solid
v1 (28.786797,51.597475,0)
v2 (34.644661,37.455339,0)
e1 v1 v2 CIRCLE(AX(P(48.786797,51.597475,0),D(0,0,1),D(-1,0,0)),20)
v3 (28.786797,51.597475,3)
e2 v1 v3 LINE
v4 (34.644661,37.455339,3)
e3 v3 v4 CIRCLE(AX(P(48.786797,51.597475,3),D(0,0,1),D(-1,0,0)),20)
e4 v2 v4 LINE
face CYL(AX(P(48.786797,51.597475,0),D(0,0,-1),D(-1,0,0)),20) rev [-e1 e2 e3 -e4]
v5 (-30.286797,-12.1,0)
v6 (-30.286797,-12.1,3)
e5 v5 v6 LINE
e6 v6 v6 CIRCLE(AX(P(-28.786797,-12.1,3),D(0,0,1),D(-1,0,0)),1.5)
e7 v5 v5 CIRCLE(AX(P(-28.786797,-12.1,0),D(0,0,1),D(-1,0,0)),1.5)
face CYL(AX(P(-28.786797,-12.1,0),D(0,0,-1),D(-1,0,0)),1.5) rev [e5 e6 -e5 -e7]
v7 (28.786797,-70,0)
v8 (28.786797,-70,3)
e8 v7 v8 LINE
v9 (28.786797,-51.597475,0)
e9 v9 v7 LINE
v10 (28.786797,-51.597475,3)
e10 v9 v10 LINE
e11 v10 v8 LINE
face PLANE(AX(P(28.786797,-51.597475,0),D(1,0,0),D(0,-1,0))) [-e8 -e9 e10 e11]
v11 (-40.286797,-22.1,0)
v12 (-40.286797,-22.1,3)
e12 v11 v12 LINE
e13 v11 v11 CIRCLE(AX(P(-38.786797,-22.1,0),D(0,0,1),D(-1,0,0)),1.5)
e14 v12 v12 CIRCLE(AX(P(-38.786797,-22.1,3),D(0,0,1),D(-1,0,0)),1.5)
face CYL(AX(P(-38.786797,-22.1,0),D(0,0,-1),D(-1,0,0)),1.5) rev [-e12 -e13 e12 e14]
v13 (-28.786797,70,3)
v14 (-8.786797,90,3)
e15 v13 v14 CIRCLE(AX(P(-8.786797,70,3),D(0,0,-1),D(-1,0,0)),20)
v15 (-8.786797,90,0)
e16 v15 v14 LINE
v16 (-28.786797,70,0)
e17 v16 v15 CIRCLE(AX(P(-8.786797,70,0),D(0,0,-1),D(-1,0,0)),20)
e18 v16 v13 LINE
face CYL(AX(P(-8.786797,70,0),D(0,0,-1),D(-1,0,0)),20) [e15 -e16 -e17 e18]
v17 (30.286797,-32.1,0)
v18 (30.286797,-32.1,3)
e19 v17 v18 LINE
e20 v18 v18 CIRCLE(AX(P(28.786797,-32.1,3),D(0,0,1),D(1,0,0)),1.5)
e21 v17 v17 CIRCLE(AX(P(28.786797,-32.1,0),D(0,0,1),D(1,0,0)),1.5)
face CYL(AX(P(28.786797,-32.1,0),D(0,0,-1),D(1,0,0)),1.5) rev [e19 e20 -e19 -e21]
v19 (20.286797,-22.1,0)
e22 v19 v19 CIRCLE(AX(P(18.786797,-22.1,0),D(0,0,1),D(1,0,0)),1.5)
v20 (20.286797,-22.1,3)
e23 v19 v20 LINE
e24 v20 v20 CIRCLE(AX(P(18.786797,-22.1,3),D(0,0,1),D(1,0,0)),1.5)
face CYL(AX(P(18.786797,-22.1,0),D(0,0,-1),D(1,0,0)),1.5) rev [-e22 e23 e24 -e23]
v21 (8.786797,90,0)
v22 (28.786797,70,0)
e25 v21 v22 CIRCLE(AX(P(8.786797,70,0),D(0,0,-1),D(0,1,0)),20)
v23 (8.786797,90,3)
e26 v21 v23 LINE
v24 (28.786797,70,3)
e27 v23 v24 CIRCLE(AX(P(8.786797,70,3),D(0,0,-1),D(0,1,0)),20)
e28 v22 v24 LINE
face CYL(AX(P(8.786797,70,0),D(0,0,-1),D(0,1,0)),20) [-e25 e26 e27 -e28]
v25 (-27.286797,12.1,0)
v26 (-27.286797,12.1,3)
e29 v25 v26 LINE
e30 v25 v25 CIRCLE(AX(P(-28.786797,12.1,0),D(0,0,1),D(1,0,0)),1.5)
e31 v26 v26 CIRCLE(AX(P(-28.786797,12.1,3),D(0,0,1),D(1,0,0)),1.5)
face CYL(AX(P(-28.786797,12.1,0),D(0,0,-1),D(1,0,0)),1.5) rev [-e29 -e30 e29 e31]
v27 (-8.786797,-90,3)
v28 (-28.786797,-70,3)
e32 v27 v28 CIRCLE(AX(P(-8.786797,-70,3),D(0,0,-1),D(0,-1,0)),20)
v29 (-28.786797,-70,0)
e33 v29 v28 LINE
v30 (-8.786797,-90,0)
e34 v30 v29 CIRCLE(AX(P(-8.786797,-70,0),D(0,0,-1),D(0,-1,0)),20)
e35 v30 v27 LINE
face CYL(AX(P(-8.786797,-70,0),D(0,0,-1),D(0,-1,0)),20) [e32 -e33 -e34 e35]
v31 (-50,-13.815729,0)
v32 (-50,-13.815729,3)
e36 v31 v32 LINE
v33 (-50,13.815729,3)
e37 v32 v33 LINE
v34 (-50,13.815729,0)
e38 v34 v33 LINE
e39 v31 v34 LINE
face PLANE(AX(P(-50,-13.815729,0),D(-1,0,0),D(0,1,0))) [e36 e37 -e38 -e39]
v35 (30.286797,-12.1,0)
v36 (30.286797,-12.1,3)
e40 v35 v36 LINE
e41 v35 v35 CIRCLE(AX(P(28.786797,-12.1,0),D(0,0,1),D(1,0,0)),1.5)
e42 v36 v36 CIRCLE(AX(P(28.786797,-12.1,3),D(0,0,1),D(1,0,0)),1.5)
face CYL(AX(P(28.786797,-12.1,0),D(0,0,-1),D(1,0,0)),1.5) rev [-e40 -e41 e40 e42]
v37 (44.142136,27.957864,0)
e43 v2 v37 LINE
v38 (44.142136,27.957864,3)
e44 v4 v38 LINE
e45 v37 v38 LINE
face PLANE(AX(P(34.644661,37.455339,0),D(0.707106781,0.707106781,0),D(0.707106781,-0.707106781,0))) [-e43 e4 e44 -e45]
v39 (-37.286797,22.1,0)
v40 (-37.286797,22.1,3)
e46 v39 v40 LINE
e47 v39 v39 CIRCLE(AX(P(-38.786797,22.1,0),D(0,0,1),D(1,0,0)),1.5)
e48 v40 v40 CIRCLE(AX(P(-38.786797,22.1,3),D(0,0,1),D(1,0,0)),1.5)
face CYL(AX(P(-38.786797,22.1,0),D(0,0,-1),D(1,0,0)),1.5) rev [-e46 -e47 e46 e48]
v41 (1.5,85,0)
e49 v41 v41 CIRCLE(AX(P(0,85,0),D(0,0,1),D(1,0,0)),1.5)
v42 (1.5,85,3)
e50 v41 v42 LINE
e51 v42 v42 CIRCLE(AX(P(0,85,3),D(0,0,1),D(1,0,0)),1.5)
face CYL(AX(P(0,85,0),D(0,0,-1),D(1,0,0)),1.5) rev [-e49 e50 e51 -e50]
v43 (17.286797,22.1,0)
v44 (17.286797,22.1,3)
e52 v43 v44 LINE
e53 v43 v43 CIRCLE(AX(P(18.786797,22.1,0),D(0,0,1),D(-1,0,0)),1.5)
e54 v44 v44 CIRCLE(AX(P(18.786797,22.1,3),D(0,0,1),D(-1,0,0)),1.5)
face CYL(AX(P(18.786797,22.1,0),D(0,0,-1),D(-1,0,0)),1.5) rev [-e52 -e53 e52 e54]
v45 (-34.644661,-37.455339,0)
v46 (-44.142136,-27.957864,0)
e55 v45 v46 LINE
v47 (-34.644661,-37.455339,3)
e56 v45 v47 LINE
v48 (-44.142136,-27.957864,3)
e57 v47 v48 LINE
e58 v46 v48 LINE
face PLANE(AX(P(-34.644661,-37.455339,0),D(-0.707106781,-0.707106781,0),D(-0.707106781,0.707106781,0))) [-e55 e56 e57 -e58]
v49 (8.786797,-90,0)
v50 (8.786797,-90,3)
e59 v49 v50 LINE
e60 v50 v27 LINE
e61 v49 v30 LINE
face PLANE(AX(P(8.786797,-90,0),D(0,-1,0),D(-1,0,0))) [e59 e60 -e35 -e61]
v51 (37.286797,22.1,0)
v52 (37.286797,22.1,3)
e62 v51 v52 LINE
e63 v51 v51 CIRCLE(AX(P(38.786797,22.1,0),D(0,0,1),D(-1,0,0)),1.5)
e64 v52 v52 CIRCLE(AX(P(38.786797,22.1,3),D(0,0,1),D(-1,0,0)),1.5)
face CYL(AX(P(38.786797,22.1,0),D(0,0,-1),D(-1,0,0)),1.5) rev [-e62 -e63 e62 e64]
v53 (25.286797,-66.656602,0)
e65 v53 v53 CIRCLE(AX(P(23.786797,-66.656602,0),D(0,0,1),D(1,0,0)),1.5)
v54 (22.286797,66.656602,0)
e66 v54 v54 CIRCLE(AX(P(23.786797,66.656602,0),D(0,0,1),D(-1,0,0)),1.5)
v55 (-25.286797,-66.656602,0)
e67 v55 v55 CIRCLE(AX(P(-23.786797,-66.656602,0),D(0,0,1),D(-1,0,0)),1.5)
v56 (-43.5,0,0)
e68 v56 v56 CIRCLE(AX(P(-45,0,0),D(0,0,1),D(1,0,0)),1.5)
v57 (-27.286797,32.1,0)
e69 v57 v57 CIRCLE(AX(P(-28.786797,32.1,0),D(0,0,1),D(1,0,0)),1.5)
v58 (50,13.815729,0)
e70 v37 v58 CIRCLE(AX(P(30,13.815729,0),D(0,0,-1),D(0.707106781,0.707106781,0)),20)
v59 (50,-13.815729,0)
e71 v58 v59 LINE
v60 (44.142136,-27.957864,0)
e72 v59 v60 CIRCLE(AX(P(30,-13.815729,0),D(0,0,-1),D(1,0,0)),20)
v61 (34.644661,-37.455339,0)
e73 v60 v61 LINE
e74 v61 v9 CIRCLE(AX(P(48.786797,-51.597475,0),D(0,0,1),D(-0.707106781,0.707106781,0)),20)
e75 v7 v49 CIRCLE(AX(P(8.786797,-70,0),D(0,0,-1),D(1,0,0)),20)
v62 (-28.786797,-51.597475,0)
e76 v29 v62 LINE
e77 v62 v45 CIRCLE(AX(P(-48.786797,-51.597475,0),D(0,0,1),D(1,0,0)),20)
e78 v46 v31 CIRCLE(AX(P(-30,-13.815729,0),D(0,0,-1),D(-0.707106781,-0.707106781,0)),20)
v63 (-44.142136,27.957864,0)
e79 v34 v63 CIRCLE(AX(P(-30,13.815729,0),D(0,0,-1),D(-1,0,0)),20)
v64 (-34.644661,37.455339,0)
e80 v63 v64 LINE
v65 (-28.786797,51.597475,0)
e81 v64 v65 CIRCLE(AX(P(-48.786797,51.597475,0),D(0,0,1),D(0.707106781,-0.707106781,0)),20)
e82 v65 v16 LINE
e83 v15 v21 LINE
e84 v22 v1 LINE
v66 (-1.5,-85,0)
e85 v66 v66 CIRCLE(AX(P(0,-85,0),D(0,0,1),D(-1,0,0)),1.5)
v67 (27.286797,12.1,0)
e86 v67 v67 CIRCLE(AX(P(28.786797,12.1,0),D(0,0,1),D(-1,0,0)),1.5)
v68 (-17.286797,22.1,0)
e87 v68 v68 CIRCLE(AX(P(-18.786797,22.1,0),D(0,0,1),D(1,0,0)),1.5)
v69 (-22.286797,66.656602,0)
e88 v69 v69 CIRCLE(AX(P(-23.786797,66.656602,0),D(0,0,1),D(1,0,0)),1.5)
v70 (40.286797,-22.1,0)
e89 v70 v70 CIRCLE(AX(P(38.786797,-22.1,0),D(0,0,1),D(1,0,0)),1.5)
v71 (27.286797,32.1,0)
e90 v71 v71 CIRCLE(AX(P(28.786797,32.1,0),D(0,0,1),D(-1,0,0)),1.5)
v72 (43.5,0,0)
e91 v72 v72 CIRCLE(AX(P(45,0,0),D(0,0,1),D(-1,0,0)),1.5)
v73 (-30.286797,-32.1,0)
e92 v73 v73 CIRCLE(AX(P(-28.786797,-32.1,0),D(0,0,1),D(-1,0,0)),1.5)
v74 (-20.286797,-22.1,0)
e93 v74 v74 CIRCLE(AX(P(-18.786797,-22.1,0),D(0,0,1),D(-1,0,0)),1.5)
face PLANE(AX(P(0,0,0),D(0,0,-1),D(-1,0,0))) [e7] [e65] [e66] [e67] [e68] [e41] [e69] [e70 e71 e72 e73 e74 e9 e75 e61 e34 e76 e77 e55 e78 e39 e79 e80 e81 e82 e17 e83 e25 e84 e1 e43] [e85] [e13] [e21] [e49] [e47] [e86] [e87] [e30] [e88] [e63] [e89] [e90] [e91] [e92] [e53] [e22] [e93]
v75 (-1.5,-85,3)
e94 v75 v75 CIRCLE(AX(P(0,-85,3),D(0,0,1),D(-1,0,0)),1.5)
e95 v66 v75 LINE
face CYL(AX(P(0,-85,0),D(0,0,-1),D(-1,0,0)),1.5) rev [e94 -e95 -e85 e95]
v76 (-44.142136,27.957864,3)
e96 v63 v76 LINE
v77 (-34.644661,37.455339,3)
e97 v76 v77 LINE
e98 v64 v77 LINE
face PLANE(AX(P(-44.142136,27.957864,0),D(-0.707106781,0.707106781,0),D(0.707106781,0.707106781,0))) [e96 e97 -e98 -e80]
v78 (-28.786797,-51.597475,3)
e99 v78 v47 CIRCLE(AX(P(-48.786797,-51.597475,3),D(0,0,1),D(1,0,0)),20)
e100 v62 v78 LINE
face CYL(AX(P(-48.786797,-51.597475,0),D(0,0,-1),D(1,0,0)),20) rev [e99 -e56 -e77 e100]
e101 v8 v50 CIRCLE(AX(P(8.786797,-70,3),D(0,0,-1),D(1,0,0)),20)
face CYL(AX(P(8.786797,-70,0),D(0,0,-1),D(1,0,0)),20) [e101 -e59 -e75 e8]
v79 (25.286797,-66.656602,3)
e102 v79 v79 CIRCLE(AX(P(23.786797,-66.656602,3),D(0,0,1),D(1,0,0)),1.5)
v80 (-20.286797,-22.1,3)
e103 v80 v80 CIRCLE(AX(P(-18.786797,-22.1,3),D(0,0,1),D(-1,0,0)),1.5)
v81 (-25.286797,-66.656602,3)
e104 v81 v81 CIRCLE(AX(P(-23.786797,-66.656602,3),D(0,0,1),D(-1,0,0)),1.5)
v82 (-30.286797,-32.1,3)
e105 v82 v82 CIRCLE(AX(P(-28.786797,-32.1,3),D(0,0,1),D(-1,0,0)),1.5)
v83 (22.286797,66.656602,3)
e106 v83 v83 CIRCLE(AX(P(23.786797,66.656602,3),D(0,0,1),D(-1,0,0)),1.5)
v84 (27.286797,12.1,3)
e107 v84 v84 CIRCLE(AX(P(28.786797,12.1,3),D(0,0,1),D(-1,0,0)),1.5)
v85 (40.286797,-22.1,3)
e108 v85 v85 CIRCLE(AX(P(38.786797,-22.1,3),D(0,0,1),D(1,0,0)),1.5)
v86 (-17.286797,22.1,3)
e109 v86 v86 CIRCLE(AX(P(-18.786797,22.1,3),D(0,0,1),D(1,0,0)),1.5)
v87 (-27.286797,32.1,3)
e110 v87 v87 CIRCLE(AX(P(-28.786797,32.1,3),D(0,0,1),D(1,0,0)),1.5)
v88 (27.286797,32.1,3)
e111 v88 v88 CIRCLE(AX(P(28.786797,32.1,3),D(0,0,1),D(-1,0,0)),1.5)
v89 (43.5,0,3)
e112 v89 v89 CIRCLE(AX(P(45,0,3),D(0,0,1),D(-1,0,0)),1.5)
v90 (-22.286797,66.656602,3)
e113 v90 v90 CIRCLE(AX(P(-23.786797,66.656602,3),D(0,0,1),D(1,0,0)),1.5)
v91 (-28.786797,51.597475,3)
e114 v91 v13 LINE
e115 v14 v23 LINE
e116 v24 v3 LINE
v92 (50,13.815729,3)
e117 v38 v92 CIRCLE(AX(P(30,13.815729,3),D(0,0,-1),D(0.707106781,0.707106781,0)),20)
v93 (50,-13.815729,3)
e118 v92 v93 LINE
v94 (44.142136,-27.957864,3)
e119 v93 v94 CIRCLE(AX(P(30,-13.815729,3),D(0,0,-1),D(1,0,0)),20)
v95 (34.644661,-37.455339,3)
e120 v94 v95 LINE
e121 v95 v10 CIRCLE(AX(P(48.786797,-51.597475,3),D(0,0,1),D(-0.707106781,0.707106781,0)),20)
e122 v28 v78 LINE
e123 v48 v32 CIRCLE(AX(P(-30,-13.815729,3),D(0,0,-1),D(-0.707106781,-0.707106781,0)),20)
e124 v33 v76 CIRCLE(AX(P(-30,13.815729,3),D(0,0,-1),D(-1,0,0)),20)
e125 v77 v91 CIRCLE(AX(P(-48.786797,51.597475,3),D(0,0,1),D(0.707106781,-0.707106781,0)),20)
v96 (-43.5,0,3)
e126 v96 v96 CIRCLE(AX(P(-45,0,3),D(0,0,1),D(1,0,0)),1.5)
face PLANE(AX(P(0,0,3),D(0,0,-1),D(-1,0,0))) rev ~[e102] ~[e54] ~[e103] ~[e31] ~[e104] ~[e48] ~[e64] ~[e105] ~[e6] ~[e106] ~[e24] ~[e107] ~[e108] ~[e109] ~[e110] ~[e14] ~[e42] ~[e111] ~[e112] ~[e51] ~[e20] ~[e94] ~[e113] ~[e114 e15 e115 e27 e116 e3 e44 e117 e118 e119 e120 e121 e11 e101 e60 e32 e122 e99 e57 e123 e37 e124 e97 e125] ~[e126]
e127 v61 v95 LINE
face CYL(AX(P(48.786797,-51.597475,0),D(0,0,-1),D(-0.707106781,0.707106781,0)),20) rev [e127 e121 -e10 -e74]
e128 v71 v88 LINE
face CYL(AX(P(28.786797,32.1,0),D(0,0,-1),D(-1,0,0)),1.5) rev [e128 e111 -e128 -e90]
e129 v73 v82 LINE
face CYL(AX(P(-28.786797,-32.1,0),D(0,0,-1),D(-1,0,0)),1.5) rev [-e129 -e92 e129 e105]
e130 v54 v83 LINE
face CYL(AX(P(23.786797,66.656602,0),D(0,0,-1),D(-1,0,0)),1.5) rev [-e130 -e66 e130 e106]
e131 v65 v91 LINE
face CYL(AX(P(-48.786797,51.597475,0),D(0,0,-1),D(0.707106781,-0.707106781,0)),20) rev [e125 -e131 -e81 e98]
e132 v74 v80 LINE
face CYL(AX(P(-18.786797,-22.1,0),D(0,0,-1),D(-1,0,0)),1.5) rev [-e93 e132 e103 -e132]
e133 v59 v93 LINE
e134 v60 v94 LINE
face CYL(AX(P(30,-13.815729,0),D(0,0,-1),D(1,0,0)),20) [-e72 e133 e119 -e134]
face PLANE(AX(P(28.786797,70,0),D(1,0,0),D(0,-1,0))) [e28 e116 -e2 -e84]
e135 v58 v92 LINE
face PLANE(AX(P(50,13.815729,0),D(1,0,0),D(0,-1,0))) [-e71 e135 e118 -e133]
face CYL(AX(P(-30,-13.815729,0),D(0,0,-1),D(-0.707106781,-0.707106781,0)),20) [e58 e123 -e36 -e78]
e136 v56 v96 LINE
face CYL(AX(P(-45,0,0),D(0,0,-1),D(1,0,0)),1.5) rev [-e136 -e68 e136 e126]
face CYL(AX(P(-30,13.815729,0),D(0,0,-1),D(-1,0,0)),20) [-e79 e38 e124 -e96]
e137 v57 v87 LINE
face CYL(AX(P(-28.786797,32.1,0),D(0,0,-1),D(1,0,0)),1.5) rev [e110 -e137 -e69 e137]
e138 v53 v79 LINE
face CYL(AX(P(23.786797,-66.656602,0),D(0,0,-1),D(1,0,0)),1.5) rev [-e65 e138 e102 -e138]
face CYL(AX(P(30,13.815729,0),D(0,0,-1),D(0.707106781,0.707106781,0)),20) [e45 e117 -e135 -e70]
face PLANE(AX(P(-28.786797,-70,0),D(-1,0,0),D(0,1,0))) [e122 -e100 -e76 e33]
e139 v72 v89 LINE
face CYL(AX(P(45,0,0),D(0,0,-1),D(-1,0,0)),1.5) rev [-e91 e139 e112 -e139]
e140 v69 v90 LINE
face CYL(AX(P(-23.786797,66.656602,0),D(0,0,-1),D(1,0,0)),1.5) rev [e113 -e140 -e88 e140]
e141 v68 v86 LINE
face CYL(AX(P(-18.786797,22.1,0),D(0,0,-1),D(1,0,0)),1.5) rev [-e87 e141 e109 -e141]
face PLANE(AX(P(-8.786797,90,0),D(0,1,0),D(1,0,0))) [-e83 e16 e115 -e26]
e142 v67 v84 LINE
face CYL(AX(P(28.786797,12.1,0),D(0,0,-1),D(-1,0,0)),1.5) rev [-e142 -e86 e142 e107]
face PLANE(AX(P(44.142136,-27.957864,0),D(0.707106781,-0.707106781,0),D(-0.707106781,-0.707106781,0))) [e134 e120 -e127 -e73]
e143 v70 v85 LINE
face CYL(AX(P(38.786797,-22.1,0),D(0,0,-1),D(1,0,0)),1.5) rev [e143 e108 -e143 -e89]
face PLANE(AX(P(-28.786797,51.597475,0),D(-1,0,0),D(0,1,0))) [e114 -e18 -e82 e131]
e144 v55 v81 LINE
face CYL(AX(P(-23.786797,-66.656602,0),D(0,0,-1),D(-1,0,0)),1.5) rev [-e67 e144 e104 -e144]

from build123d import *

# Parameters (mm, degrees)
SKETCH2_R           = 1.5
BOSS_EXTRUDE2_DEPTH = 3


with BuildPart() as part:
    # Sketch2 → Boss-Extrude2 (new body)
    with BuildSketch(Plane.XY):
        with BuildLine():
            Line((-50, -13.815728753), (-50, 13.815728753))
            ThreePointArc((-50, 13.815728753), (-48.47759065, 21.4693974), (-44.142135624, 27.957864376))
            Line((-44.142135624, 27.957864376), (-34.644660941, 37.455339059))
            ThreePointArc((-34.644660941, 37.455339059), (-30.309205914, 43.943806036), (-28.786796564, 51.597474683))
            Line((-28.786796564, 51.597474683), (-28.786796564, 70))
            ThreePointArc((-28.786796564, 70), (-22.928932188, 84.142135624), (-8.786796564, 90))
            Line((-8.786796564, 90), (8.786796564, 90))
            ThreePointArc((8.786796564, 90), (22.928932188, 84.142135624), (28.786796564, 70))
            Line((28.786796564, 70), (28.786796564, 51.597474683))
            ThreePointArc((28.786796564, 51.597474683), (30.309205914, 43.943806036), (34.644660941, 37.455339059))
            Line((34.644660941, 37.455339059), (44.142135624, 27.957864376))
            ThreePointArc((44.142135624, 27.957864376), (48.47759065, 21.4693974), (50, 13.815728753))
            Line((50, 13.815728753), (50, -13.815728753))
            ThreePointArc((50, -13.815728753), (48.47759065, -21.4693974), (44.142135624, -27.957864376))
            Line((44.142135624, -27.957864376), (34.644660941, -37.455339059))
            ThreePointArc((34.644660941, -37.455339059), (30.309205914, -43.943806036), (28.786796564, -51.597474683))
            Line((28.786796564, -51.597474683), (28.786796564, -70))
            ThreePointArc((28.786796564, -70), (22.928932188, -84.142135624), (8.786796564, -90))
            Line((8.786796564, -90), (-8.786796564, -90))
            ThreePointArc((-8.786796564, -90), (-22.928932188, -84.142135624), (-28.786796564, -70))
            Line((-28.786796564, -70), (-28.786796564, -51.597474683))
            ThreePointArc((-28.786796564, -51.597474683), (-30.309205914, -43.943806036), (-34.644660941, -37.455339059))
            Line((-34.644660941, -37.455339059), (-44.142135624, -27.957864376))
            ThreePointArc((-44.142135624, -27.957864376), (-48.47759065, -21.4693974), (-50, -13.815728753))
        make_face()
        with Locations((0, 85)):
            Circle(SKETCH2_R, mode=Mode.SUBTRACT)
        with Locations((-23.786796564, 66.656601718)):
            Circle(SKETCH2_R, mode=Mode.SUBTRACT)
        with Locations((-28.786796564, 32.1)):
            Circle(SKETCH2_R, mode=Mode.SUBTRACT)
        with Locations((-38.786796564, 22.1)):
            Circle(SKETCH2_R, mode=Mode.SUBTRACT)
        with Locations((-28.786796564, 12.1)):
            Circle(SKETCH2_R, mode=Mode.SUBTRACT)
        with Locations((-18.786796564, 22.1)):
            Circle(SKETCH2_R, mode=Mode.SUBTRACT)
        with Locations((-45, 0)):
            Circle(SKETCH2_R, mode=Mode.SUBTRACT)
        with Locations(Location((45, 0, 0), (0, 0, 180))):
            Circle(SKETCH2_R, mode=Mode.SUBTRACT)
        with Locations(Location((18.786796564, 22.1, 0), (0, 0, 180))):
            Circle(SKETCH2_R, mode=Mode.SUBTRACT)
        with Locations(Location((28.786796564, 12.1, 0), (0, 0, 180))):
            Circle(SKETCH2_R, mode=Mode.SUBTRACT)
        with Locations(Location((38.786796564, 22.1, 0), (0, 0, 180))):
            Circle(SKETCH2_R, mode=Mode.SUBTRACT)
        with Locations(Location((28.786796564, 32.1, 0), (0, 0, 180))):
            Circle(SKETCH2_R, mode=Mode.SUBTRACT)
        with Locations(Location((23.786796564, 66.656601718, 0), (0, 0, 180))):
            Circle(SKETCH2_R, mode=Mode.SUBTRACT)
        with Locations((28.786796564, -32.1)):
            Circle(SKETCH2_R, mode=Mode.SUBTRACT)
        with Locations((38.786796564, -22.1)):
            Circle(SKETCH2_R, mode=Mode.SUBTRACT)
        with Locations((28.786796564, -12.1)):
            Circle(SKETCH2_R, mode=Mode.SUBTRACT)
        with Locations((18.786796564, -22.1)):
            Circle(SKETCH2_R, mode=Mode.SUBTRACT)
        with Locations(Location((-18.786796564, -22.1, 0), (0, 0, 180))):
            Circle(SKETCH2_R, mode=Mode.SUBTRACT)
        with Locations(Location((-28.786796564, -12.1, 0), (0, 0, 180))):
            Circle(SKETCH2_R, mode=Mode.SUBTRACT)
        with Locations(Location((-38.786796564, -22.1, 0), (0, 0, 180))):
            Circle(SKETCH2_R, mode=Mode.SUBTRACT)
        with Locations(Location((-28.786796564, -32.1, 0), (0, 0, 180))):
            Circle(SKETCH2_R, mode=Mode.SUBTRACT)
        with Locations((23.786796564, -66.656601718)):
            Circle(SKETCH2_R, mode=Mode.SUBTRACT)
        with Locations(Location((-23.786796564, -66.656601718, 0), (0, 0, 180))):
            Circle(SKETCH2_R, mode=Mode.SUBTRACT)
        with Locations(Location((0, -85, 0), (0, 0, 180))):
            Circle(SKETCH2_R, mode=Mode.SUBTRACT)
    extrude(amount=BOSS_EXTRUDE2_DEPTH)


solid = part.part
